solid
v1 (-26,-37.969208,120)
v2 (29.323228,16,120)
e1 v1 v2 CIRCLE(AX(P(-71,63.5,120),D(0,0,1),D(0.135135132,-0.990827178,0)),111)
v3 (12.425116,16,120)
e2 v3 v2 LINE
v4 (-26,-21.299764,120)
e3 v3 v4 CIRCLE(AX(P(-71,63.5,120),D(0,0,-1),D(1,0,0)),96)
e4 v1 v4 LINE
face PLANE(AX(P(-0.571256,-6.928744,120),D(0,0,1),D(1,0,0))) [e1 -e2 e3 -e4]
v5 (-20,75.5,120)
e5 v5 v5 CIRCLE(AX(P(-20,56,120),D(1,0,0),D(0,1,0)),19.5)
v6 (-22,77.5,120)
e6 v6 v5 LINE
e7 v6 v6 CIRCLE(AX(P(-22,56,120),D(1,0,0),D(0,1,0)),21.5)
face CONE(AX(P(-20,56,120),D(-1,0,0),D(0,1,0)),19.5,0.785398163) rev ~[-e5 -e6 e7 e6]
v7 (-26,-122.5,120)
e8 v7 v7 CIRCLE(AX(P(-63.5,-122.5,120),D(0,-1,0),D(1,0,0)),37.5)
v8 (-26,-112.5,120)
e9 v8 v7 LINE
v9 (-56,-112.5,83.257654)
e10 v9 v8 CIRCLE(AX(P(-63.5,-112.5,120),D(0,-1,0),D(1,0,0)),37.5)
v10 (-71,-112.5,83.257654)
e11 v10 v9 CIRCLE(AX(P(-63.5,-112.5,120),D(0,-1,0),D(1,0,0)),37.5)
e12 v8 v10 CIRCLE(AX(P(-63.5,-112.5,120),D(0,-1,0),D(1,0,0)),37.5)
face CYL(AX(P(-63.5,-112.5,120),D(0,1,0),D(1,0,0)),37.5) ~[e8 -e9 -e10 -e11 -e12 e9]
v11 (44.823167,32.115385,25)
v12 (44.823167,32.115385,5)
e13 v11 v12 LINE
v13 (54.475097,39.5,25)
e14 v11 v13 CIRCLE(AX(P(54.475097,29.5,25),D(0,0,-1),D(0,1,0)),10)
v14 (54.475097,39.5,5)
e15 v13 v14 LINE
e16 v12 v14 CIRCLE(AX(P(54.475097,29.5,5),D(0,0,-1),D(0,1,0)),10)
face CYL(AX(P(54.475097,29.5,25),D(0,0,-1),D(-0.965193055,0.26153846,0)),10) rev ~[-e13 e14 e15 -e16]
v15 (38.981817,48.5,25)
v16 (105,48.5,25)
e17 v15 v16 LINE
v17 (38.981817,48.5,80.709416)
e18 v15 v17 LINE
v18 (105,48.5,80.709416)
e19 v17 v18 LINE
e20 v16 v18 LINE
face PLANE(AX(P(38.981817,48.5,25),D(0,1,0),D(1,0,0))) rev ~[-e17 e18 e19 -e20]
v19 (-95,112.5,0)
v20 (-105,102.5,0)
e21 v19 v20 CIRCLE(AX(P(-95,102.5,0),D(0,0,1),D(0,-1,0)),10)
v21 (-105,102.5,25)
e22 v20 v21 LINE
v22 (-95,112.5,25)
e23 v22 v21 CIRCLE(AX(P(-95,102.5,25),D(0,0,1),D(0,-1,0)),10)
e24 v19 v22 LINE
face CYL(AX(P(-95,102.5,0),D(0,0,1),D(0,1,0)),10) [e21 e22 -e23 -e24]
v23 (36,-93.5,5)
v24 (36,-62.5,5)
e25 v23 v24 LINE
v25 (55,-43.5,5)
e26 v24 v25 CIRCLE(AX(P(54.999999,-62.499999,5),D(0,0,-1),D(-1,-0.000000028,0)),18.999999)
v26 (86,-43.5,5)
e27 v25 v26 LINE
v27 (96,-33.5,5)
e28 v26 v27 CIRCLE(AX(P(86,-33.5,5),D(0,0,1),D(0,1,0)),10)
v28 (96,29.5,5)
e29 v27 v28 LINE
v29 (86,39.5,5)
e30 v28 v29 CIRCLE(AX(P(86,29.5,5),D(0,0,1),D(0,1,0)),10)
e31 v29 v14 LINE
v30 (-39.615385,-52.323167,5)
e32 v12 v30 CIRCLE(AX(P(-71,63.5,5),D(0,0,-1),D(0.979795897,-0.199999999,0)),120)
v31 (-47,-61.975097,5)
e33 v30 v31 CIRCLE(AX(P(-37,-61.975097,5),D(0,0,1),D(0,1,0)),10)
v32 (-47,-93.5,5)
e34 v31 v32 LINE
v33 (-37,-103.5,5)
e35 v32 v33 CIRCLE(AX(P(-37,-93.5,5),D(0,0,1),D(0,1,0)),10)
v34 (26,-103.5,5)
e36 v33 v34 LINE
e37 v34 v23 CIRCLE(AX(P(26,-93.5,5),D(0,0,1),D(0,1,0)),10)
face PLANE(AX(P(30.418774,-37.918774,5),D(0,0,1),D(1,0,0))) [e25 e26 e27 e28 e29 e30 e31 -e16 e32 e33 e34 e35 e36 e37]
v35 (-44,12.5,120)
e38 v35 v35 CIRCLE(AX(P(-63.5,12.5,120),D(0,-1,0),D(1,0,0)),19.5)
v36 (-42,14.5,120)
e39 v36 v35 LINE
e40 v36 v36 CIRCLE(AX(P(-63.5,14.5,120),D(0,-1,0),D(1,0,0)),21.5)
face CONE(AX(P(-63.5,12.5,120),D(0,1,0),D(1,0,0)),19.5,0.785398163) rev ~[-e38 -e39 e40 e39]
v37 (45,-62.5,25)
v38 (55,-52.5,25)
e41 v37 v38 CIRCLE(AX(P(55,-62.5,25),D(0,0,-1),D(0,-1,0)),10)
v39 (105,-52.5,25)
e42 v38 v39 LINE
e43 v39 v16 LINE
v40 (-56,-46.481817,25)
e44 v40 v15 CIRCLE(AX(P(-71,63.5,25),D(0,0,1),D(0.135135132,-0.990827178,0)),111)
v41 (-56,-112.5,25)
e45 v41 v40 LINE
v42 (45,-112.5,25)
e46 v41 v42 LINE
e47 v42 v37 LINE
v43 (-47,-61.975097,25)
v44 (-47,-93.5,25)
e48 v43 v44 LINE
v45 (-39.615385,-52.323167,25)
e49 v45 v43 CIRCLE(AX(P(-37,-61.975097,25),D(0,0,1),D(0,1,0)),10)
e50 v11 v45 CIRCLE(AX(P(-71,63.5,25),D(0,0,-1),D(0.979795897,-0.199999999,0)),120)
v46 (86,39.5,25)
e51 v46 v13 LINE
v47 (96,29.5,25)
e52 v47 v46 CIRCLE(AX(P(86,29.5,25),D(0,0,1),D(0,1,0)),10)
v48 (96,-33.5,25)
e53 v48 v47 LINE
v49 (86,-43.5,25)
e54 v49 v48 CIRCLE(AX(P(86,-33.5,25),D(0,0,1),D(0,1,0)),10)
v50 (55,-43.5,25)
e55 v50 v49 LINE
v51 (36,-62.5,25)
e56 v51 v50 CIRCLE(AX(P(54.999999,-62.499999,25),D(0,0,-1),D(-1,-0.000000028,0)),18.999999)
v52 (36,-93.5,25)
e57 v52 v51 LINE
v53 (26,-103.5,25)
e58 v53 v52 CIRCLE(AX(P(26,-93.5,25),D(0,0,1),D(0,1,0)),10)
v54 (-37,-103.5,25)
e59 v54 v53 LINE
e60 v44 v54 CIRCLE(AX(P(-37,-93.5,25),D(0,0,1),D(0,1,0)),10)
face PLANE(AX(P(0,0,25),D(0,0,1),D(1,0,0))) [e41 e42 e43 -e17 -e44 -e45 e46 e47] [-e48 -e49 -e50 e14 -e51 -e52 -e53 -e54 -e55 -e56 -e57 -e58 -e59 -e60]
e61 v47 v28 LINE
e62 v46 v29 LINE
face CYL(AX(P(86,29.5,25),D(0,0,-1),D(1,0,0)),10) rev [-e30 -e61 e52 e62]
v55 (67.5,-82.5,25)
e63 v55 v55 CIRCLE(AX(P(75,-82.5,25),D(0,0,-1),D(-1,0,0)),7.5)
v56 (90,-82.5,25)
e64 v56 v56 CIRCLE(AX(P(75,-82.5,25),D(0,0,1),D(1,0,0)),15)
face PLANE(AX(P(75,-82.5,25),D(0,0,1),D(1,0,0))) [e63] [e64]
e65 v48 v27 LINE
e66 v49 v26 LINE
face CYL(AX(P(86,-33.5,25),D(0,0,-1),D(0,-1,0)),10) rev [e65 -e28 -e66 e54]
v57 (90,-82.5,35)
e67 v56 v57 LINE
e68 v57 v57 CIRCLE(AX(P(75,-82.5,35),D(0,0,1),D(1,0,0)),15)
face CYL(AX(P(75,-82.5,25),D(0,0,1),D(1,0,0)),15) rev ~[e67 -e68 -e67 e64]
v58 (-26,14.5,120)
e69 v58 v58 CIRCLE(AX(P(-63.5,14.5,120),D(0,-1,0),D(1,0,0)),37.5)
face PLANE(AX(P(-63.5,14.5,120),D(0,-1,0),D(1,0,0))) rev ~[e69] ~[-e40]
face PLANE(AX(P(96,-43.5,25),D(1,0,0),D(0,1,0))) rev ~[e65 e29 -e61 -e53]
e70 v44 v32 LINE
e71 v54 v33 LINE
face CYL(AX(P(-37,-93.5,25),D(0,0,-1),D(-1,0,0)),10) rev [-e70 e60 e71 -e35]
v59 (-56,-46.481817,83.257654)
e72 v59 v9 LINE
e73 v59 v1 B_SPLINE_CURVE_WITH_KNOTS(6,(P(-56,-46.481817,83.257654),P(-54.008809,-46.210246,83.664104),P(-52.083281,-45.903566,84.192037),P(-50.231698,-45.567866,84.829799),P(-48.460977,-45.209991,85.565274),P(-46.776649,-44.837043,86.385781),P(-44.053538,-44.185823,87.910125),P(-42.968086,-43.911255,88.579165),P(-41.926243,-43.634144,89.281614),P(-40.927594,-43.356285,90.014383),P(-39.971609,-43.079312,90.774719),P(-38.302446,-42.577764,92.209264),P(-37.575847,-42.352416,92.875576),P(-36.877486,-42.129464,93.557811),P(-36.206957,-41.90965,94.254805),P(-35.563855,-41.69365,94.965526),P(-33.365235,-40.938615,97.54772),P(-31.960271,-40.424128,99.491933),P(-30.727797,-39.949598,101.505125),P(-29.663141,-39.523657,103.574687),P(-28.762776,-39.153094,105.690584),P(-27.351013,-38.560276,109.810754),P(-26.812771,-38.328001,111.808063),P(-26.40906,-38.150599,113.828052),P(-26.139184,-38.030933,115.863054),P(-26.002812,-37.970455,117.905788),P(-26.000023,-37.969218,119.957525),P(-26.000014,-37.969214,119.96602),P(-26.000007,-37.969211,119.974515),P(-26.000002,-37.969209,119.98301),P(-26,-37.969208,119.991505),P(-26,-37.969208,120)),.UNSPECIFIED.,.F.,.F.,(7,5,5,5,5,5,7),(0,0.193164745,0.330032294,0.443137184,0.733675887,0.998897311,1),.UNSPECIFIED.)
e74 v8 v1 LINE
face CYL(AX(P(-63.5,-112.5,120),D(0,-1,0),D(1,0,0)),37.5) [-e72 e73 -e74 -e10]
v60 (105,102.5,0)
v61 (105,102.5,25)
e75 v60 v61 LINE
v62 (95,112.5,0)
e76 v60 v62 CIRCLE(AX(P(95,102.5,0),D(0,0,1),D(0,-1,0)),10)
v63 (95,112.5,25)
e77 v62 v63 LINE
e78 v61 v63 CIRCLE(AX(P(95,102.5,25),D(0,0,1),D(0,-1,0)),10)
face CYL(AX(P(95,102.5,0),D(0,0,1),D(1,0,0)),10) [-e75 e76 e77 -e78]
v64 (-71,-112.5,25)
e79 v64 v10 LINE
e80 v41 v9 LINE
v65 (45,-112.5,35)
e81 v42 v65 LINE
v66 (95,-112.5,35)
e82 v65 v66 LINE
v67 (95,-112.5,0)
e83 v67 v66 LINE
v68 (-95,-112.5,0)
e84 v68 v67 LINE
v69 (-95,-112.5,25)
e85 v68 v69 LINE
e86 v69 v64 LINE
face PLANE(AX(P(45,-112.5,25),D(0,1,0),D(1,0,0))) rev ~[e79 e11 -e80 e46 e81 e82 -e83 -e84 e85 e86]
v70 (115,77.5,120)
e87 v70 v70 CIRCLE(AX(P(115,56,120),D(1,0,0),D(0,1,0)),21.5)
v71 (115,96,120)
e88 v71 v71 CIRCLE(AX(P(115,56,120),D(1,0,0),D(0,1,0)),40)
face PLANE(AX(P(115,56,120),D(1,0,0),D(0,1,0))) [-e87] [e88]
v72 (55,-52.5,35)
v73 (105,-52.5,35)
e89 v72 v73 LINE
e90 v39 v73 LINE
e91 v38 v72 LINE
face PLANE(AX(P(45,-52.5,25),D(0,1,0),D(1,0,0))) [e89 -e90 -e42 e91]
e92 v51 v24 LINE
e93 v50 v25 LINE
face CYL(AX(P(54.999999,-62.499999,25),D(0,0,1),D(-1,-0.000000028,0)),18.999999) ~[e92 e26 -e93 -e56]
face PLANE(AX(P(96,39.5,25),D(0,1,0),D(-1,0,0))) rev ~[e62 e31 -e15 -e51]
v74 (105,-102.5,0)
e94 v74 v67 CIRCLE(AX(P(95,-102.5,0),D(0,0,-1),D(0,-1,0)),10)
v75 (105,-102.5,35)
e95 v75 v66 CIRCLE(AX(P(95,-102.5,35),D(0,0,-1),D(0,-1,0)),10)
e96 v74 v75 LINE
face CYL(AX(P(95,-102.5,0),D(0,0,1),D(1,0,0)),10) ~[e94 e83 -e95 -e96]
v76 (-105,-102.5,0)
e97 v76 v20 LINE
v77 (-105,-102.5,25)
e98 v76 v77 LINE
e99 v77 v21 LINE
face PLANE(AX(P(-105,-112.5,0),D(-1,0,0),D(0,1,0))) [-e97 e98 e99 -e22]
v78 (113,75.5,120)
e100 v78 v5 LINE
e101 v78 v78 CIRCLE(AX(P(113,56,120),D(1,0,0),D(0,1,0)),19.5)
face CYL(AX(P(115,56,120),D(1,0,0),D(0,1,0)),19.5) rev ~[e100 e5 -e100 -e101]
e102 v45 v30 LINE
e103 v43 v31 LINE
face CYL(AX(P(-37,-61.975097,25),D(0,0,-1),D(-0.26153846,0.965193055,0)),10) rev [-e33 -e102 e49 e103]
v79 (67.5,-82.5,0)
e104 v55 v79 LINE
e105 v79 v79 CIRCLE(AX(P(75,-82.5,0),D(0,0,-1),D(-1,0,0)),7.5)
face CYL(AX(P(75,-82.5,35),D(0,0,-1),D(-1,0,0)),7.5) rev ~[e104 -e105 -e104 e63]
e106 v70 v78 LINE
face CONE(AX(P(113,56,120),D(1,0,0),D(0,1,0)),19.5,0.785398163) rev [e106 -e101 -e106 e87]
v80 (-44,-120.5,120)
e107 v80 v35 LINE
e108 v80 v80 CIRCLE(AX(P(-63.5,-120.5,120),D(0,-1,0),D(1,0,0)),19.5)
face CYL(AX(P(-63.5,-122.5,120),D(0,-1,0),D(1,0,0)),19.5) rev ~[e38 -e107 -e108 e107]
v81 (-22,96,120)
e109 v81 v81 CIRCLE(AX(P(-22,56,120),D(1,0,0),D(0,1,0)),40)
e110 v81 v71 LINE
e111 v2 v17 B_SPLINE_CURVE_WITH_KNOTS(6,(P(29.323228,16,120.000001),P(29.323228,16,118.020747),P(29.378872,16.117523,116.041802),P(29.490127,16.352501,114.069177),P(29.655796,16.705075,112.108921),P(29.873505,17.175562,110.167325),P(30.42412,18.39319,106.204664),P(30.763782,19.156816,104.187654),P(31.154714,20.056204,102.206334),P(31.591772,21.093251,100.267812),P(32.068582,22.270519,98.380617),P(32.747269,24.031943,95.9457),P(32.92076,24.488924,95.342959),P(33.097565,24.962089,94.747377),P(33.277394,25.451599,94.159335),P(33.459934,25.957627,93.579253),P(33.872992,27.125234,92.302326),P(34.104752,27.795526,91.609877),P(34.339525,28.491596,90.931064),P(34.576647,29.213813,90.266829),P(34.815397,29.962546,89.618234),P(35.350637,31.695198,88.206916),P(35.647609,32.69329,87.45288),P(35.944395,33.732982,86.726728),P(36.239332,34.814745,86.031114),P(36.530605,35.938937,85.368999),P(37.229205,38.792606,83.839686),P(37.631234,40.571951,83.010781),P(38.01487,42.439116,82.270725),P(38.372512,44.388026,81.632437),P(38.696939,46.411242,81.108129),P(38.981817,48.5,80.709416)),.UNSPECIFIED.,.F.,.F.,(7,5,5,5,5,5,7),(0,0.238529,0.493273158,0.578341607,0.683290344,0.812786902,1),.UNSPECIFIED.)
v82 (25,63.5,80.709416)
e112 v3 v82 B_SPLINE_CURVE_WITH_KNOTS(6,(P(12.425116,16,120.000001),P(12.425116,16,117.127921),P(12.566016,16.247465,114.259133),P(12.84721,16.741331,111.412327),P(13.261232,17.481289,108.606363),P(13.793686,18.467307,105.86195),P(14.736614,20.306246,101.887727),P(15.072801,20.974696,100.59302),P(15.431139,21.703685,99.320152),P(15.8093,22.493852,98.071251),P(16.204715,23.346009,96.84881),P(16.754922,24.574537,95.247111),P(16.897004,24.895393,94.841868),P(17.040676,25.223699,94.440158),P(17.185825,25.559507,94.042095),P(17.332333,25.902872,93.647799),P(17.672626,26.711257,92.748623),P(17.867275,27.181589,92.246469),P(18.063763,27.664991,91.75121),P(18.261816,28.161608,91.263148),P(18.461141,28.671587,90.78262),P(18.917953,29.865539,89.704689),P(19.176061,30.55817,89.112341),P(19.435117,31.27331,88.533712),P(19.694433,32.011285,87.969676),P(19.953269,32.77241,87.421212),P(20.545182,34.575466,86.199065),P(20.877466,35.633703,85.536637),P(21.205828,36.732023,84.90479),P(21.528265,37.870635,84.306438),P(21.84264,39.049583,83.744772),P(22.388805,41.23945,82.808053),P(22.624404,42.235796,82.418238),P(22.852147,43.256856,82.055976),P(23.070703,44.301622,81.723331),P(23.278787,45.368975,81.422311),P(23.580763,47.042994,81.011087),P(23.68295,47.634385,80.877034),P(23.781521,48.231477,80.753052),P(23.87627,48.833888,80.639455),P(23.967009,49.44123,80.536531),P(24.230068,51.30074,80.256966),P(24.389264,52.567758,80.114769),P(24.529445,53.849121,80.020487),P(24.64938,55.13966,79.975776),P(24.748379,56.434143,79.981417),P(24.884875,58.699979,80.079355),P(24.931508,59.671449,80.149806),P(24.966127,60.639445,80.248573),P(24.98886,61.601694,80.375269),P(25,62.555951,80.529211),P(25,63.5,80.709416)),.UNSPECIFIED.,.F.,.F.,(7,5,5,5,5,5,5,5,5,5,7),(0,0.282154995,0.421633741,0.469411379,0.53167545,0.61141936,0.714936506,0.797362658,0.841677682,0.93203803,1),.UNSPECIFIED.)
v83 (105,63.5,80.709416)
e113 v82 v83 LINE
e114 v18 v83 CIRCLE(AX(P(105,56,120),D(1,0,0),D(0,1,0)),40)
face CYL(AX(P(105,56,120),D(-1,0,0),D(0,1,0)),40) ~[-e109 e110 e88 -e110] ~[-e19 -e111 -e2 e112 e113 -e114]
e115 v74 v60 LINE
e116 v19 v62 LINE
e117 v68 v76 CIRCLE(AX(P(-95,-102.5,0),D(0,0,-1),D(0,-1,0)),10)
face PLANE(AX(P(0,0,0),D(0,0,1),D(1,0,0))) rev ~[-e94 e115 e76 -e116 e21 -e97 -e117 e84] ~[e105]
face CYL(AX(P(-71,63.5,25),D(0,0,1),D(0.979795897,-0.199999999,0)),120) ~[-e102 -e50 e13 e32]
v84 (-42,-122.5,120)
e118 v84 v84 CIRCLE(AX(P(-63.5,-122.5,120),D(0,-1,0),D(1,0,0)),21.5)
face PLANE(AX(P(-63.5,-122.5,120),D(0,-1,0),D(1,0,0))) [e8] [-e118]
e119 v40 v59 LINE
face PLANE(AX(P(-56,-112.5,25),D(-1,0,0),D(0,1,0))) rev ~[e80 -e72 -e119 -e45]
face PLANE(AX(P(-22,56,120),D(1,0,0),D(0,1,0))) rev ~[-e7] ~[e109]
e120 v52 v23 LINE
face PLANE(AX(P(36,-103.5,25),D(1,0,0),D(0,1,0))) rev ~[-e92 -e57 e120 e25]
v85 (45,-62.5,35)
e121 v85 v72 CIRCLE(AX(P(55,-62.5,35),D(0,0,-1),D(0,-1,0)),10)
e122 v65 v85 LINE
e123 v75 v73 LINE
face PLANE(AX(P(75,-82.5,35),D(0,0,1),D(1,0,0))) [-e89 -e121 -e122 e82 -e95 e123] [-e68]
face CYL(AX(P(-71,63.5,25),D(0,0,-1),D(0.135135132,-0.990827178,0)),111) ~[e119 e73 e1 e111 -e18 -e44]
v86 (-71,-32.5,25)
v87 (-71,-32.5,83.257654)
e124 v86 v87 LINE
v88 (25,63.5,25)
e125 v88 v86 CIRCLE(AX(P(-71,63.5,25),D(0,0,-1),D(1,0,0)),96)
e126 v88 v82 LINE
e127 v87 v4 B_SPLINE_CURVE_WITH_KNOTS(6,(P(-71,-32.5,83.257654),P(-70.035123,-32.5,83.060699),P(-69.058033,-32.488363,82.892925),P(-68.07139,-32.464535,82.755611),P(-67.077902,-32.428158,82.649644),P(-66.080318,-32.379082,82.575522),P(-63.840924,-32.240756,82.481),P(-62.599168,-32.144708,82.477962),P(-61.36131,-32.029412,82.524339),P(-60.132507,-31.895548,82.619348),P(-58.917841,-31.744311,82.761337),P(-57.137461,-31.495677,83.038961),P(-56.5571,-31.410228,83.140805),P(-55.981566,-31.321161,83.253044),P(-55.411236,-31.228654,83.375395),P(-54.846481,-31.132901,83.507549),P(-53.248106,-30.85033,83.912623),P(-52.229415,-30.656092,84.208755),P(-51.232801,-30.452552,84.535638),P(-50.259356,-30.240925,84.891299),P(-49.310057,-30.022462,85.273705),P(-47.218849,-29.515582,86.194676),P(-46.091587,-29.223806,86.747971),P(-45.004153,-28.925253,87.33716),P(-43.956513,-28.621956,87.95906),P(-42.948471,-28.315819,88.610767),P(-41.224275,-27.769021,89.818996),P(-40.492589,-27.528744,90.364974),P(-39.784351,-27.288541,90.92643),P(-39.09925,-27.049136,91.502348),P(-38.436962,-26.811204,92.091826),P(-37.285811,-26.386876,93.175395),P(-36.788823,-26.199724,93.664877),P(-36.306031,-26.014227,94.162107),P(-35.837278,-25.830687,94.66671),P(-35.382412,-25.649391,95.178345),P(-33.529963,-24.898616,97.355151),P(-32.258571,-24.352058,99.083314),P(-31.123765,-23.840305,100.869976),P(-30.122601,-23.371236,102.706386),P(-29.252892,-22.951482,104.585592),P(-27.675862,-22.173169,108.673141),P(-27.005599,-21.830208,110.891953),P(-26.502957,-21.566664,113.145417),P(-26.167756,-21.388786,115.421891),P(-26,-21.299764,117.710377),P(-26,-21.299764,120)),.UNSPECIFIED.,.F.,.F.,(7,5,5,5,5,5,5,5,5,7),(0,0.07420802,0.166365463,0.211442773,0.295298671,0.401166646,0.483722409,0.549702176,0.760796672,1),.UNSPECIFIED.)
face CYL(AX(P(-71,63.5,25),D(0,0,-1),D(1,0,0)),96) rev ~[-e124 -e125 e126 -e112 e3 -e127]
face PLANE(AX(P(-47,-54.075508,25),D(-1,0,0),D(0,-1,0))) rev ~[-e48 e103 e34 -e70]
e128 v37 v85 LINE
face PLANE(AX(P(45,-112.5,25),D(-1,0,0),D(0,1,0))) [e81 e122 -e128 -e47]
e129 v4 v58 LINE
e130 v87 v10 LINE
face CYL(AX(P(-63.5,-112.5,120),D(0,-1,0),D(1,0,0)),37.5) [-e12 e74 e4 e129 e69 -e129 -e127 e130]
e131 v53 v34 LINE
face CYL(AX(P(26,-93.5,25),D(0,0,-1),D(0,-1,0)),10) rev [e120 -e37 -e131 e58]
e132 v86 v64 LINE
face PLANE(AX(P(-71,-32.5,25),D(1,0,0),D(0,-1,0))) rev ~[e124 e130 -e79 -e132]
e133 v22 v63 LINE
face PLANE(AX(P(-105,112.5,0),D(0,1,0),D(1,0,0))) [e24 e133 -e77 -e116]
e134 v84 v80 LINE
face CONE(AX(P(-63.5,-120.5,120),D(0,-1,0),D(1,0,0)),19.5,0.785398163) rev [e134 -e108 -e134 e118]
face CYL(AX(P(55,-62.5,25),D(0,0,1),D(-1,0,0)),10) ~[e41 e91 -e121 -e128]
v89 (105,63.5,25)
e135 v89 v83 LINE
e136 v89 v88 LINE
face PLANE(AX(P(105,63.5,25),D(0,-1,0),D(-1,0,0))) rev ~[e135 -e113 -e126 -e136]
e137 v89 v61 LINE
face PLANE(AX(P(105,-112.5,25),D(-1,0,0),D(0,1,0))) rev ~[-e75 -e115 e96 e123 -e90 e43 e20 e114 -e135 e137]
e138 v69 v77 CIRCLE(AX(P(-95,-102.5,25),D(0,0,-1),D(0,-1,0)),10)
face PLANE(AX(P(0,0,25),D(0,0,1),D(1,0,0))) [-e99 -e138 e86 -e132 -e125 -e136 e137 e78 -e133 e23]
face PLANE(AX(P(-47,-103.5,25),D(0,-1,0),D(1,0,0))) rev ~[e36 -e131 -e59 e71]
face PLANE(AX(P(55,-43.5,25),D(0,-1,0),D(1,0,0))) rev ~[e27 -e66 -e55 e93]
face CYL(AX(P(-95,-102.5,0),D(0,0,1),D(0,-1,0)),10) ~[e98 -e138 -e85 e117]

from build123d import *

# Parameters (mm, degrees)
F0_W            = 210
F0_H            = 225
F1_DEPTH        = 25
F3_DEPTH        = 95
F4_R            = 37.5
F5_DEPTH        = 10
F5_DEPTH_BACK   = 127
F6_R            = 40
F7_DEPTH        = 10
F7_DEPTH_BACK   = 127
F8_W            = 60
F8_H            = 60
F9_DEPTH        = 10
F10_R           = 10
F12_DEPTH       = 20
F14_D           = 15
F14_CBORE_D     = 30
F14_CBORE_DEPTH = 10
F15_R           = 10
F16_R           = 19.5
F17_DEPTH       = 235.001
F18_R           = 19.5
F19_DEPTH       = 220.001
F20_SIZE        = 2
F21_R           = 10


with BuildPart() as f1:
    # F0 (on Top) → F1 (new body)
    with BuildSketch(Plane.XY):
        Rectangle(F0_W, F0_H)
    extrude(amount=F1_DEPTH)

    # F2 (on face) → F3 (join)
    with BuildSketch(Plane.XY.offset(25)):
        with BuildLine():
            Line((-71, -32.5), (-71, -112.5))
            Line((-71, -112.5), (-56, -112.5))
            Line((-56, -112.5), (-56, -46.481817))
            ThreePointArc((-56, -46.481817), (7.488853, -14.988853), (38.981817, 48.5))
            Line((38.981817, 48.5), (105, 48.5))
            Line((105, 48.5), (105, 63.5))
            Line((105, 63.5), (25, 63.5))
            ThreePointArc((25, 63.5), (-3.117749, -4.382251), (-71, -32.5))
        make_face()
    extrude(amount=F3_DEPTH)

    # F4 (on face) → F5 (join, two sides)
    with BuildSketch(Plane.XZ.offset(112.5)) as f5_sk:
        with Locations((-63.5, 120)):
            Circle(F4_R)
    extrude(amount=F5_DEPTH)
    extrude(f5_sk.sketch, amount=-F5_DEPTH_BACK)

    # F6 (on face) → F7 (join, two sides)
    with BuildSketch(Plane.YZ.offset(105)) as f7_sk:
        with Locations((56, 120)):
            Circle(F6_R)
    extrude(amount=F7_DEPTH)
    extrude(f7_sk.sketch, amount=-F7_DEPTH_BACK)

    # F8 (on face) → F9 (join)
    with BuildSketch(Plane.XY.offset(25)):
        with Locations((75, -82.5)):
            Rectangle(F8_W, F8_H)
    extrude(amount=F9_DEPTH)

    # F10
    f10_edges = [f1.edges().sort_by_distance(p)[0] for p in [
        (45, -52.5, 30),
    ]]
    fillet(f10_edges, radius=F10_R)

    # F11 (on face) → F12 (cut)
    with BuildSketch(Plane.XY.offset(25)):
        with BuildLine():
            ThreePointArc((46.575508, 39.5), (13.852814, -21.352814), (-47, -54.075508))
            Line((-47, -54.075508), (-47, -103.5))
            Line((-47, -103.5), (36, -103.5))
            Line((36, -103.5), (36, -62.5))
            ThreePointArc((36, -62.5), (41.564971, -49.064971), (55, -43.5))
            Line((55, -43.5), (96, -43.5))
            Line((96, -43.5), (96, 39.5))
            Line((96, 39.5), (46.575508, 39.5))
        make_face()
    extrude(amount=-F12_DEPTH, mode=Mode.SUBTRACT)

    # F14 (through all)
    with Locations(Plane.XY.offset(35)):
        with Locations((75, -82.5)):
            CounterBoreHole(F14_D / 2, F14_CBORE_D / 2, F14_CBORE_DEPTH)

    # F15
    f15_edges = [f1.edges().sort_by_distance(p)[0] for p in [
        (-47, -54.075508, 15),
        (46.575508, 39.5, 15),
        (96, 39.5, 15),
        (96, -43.5, 15),
        (-47, -103.5, 15),
        (36, -103.5, 15),
    ]]
    fillet(f15_edges, radius=F15_R)

    # F16 (on face) → F17 (cut, through all)
    with BuildSketch(Plane.XZ.offset(122.5)):
        with Locations((-63.5, 120)):
            Circle(F16_R)
    extrude(amount=-F17_DEPTH, mode=Mode.SUBTRACT)

    # F18 (on face) → F19 (cut, through all)
    with BuildSketch(Plane.YZ.offset(115)):
        with Locations((56, 120)):
            Circle(F18_R)
    extrude(amount=-F19_DEPTH, mode=Mode.SUBTRACT)

    # F20
    f20_edges = [f1.edges().sort_by_distance(p)[0] for p in [
        (-83, -122.5, 120),
        (115, 36.5, 120),
        (-83, 14.5, 120),
        (-22, 36.5, 120),
    ]]
    chamfer(f20_edges, length=F20_SIZE)

    # F21
    f21_edges = [f1.edges().sort_by_distance(p)[0] for p in [
        (105, -112.5, 17.5),
        (105, 112.5, 12.5),
        (-105, -112.5, 12.5),
        (-105, 112.5, 12.5),
    ]]
    fillet(f21_edges, radius=F21_R)


solid = f1.part
